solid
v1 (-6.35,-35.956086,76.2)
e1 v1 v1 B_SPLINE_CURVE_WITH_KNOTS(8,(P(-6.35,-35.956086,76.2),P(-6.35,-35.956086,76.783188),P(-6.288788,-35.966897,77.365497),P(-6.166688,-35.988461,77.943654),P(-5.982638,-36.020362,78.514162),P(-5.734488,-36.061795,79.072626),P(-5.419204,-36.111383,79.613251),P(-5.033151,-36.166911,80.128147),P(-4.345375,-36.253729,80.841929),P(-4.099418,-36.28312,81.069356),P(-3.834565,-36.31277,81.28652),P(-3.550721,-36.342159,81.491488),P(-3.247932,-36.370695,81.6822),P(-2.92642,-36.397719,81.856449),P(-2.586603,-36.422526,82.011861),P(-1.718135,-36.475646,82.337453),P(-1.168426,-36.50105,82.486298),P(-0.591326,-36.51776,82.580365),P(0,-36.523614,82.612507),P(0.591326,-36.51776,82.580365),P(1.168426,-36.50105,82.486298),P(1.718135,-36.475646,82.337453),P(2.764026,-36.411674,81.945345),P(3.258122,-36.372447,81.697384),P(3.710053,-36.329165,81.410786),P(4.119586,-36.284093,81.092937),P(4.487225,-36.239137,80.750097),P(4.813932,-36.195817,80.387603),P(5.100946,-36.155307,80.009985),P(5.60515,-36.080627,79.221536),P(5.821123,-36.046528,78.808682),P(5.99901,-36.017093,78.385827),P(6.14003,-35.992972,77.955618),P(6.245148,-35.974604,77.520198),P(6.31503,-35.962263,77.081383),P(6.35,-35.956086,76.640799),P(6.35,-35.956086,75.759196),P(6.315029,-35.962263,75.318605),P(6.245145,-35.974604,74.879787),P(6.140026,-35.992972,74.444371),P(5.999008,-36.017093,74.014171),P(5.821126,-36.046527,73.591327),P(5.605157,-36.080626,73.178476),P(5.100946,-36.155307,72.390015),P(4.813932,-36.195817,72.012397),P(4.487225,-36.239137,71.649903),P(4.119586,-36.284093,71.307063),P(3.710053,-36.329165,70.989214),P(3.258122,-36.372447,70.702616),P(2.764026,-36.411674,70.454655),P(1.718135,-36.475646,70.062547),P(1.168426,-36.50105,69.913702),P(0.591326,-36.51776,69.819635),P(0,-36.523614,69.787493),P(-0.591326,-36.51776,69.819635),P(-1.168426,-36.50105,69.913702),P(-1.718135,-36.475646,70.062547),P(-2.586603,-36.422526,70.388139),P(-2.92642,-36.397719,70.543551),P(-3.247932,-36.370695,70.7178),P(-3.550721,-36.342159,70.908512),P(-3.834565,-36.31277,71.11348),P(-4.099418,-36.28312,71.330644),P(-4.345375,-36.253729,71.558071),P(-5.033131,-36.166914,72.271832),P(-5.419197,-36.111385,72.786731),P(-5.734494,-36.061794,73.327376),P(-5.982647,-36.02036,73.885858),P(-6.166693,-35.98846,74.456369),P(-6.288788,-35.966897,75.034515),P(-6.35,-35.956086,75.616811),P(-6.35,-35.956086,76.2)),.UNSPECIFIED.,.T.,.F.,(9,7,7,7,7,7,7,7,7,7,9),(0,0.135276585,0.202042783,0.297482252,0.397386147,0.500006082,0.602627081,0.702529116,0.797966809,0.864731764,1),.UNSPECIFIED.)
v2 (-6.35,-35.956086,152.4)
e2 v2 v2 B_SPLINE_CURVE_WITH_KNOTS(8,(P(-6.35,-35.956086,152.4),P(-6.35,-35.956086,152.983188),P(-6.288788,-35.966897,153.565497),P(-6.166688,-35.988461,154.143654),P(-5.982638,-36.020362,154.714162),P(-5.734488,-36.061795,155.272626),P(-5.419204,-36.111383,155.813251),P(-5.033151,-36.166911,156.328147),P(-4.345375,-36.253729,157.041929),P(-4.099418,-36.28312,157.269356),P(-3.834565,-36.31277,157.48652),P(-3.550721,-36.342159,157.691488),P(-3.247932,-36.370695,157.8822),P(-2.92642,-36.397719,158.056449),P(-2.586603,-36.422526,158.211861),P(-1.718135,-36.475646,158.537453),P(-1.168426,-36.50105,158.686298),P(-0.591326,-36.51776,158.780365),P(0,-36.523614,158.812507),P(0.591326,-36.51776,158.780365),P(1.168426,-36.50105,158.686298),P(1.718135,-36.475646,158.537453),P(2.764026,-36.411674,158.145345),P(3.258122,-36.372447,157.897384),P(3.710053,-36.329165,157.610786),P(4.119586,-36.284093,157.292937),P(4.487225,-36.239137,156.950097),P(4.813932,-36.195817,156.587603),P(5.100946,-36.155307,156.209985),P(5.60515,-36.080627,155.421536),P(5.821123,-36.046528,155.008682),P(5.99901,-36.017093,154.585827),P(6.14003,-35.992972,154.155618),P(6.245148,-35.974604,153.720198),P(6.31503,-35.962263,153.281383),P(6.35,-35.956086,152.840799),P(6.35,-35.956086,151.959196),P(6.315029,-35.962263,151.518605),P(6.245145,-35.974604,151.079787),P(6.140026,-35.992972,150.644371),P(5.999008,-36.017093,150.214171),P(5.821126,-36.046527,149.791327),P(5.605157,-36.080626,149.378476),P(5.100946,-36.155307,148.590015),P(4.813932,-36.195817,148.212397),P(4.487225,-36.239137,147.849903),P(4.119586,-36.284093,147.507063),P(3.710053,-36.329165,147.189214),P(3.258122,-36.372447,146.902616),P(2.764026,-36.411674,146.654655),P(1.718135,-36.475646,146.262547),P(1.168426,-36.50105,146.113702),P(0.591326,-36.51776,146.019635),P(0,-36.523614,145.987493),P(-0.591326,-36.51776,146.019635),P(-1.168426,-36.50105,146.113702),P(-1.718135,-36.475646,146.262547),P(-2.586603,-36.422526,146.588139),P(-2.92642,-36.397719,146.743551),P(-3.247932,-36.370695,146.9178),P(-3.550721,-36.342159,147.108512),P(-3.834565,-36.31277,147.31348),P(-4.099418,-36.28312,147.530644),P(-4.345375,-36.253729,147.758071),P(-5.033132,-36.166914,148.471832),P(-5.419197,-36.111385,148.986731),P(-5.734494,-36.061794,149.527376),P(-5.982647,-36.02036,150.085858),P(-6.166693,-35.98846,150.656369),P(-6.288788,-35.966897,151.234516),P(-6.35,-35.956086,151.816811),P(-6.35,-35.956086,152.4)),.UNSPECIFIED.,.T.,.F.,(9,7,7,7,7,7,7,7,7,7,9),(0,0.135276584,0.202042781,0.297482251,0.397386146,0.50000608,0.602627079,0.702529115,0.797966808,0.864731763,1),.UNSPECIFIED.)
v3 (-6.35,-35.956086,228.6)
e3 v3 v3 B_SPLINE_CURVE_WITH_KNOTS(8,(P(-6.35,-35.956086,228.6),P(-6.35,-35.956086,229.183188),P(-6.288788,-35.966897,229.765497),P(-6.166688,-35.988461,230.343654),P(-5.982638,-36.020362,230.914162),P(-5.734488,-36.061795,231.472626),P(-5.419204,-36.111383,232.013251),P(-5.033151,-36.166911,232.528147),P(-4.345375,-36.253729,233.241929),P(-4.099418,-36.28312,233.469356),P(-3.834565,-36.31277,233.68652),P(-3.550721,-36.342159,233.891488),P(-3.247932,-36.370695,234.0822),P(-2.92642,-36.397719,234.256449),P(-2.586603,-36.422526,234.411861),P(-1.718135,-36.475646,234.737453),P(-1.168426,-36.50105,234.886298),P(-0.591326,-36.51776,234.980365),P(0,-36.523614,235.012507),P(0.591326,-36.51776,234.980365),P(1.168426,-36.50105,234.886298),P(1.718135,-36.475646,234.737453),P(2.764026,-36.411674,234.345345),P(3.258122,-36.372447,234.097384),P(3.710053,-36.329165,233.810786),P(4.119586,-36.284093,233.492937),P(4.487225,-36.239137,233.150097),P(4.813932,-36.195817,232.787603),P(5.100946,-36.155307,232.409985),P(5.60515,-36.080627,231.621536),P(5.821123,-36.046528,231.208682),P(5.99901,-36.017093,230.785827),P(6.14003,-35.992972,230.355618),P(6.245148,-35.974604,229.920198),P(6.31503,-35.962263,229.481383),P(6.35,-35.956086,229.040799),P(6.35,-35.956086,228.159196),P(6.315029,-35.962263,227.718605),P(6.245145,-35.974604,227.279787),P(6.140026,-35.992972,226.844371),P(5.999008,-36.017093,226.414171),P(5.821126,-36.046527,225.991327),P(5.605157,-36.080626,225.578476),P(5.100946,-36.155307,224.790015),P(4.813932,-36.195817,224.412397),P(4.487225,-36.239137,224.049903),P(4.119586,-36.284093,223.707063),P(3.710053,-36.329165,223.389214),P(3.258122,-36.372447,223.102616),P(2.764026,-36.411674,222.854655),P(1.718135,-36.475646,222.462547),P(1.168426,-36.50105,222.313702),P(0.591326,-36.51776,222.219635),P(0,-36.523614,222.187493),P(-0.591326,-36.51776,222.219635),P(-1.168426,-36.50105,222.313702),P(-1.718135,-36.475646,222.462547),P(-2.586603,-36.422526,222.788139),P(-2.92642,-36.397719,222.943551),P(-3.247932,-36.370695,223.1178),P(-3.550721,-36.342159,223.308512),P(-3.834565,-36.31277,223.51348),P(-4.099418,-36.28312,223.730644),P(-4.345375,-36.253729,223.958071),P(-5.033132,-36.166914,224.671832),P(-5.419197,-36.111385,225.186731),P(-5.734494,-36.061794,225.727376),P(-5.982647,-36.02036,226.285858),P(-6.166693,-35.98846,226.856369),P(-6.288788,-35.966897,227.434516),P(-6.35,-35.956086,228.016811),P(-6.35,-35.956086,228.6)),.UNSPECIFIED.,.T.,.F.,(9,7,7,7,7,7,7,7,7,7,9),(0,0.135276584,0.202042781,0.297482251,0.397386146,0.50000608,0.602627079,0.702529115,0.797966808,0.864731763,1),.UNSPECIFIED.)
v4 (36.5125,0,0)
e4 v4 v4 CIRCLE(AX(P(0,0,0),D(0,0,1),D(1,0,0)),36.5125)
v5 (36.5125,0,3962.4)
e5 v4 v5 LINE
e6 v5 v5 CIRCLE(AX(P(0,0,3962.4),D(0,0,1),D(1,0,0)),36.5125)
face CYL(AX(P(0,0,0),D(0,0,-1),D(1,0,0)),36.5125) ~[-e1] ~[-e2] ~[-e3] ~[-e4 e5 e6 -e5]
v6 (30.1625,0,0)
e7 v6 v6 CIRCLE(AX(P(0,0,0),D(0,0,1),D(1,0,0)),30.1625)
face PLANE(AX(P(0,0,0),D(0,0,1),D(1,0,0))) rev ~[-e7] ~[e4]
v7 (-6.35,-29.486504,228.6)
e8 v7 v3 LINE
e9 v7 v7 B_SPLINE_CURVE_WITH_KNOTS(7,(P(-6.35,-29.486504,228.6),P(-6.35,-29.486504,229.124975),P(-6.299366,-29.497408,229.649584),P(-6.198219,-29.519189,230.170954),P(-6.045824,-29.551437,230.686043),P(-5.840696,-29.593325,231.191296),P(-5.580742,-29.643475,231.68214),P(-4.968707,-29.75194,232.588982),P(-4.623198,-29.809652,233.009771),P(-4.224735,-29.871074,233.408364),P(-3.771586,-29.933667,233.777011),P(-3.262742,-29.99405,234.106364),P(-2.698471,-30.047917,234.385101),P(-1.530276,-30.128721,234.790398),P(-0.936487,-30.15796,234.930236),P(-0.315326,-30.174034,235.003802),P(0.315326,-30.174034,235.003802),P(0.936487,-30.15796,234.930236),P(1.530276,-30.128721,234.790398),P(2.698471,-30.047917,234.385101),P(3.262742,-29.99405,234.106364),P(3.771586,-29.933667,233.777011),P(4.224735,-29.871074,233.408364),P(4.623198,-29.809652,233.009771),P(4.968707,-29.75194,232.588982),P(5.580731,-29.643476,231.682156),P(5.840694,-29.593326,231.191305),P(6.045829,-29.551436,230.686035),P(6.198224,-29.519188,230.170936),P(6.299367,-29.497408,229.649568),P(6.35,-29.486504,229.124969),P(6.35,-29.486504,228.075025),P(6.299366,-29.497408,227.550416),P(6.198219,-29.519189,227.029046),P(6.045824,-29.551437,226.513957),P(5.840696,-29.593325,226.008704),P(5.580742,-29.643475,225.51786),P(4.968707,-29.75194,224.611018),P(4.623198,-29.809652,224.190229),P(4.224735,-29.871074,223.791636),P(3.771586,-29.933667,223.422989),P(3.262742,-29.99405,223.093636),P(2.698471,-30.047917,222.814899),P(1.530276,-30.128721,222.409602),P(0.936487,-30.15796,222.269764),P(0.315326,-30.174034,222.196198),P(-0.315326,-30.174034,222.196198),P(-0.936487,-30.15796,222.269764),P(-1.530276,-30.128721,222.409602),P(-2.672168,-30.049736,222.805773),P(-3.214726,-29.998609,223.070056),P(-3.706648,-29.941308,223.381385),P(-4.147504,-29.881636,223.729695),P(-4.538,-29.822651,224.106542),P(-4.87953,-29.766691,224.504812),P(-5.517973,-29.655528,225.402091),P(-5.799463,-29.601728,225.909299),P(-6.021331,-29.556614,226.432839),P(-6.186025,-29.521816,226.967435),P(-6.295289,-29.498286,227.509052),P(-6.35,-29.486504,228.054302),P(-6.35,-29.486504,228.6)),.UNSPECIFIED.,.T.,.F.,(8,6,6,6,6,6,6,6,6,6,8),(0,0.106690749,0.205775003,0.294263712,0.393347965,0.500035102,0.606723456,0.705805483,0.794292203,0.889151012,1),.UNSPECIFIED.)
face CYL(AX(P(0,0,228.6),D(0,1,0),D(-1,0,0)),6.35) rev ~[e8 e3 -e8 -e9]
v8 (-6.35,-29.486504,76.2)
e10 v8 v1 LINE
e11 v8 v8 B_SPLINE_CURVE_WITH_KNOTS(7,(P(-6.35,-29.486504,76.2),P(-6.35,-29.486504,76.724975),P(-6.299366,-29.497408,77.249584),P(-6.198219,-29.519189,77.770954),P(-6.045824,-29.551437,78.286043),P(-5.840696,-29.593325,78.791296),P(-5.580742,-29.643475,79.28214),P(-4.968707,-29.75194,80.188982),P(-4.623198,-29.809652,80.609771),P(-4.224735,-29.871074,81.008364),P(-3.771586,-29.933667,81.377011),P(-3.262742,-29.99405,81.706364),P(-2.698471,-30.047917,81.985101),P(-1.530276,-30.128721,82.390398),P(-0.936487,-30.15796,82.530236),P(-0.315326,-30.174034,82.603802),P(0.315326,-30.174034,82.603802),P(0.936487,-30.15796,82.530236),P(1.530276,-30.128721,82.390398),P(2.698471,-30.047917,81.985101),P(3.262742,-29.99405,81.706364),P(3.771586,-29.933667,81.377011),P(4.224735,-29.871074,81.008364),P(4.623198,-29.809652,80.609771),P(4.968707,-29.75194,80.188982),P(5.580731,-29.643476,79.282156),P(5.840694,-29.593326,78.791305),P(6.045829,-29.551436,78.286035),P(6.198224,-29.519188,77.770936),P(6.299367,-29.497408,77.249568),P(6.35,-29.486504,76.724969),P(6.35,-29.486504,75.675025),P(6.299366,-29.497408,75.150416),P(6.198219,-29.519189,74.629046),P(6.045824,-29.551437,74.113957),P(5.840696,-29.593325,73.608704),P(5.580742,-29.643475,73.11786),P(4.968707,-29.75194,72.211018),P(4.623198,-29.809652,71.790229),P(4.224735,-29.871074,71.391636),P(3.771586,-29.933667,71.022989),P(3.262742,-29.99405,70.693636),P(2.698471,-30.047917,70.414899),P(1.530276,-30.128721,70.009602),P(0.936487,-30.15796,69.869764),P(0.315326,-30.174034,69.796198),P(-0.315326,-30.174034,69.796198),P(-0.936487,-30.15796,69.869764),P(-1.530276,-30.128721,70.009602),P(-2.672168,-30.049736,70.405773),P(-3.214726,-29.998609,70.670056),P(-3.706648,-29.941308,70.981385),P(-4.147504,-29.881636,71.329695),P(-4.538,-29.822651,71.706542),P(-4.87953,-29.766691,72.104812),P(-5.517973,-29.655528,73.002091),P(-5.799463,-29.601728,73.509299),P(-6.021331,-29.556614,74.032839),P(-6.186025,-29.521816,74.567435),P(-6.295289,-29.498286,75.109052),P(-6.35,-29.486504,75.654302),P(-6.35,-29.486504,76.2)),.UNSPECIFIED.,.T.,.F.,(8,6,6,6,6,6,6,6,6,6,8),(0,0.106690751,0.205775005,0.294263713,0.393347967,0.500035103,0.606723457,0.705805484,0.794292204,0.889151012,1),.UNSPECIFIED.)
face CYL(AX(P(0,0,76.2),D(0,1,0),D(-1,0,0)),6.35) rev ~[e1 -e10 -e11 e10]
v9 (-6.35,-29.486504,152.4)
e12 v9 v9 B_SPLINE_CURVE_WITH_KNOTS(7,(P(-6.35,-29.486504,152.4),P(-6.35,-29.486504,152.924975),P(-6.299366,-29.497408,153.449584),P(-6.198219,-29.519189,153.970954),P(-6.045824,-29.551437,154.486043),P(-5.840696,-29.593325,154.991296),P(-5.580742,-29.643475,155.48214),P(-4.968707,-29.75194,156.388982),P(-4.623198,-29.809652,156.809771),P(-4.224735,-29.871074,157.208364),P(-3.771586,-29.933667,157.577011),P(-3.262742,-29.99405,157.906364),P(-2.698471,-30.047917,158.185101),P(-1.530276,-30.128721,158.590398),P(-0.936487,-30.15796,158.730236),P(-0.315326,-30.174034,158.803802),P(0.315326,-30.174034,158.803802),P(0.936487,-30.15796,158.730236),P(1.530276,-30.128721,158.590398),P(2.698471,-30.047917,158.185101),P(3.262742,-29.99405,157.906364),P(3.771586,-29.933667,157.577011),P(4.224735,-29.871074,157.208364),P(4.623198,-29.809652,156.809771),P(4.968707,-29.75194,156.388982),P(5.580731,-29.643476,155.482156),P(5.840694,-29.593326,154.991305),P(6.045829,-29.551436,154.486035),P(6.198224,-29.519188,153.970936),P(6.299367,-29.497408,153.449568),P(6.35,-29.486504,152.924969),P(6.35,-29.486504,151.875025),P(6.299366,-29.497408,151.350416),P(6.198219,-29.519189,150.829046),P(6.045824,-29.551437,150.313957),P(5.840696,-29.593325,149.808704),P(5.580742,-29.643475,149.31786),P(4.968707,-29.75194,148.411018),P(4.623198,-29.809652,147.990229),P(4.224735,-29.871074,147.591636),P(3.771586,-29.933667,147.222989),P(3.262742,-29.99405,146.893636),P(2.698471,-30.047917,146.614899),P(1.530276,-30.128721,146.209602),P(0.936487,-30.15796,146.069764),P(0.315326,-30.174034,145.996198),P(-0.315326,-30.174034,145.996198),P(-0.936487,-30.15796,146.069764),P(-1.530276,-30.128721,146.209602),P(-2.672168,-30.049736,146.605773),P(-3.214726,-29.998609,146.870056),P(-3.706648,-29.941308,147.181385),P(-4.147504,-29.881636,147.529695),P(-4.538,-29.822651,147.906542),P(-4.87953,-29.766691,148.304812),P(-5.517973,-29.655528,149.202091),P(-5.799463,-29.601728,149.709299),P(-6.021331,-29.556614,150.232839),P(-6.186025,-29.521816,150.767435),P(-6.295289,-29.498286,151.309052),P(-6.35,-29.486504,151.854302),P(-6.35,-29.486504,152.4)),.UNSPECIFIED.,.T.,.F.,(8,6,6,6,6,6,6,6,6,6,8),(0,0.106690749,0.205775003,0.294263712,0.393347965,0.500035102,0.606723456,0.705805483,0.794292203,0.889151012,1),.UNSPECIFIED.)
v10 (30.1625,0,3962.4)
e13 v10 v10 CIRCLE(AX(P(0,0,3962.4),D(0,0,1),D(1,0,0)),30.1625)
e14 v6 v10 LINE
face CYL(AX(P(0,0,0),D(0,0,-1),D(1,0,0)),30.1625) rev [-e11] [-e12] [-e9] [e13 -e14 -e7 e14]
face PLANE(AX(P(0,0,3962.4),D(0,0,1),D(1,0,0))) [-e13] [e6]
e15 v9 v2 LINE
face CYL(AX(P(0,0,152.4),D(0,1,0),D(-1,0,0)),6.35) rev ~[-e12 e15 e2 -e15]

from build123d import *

# Parameters (mm, degrees)
F0_R     = 36.5125
F0_R_2   = 30.1625
F1_DEPTH = 3962.4
F4_R     = 6.35
F5_DEPTH = 37.5125000999


with BuildPart() as f1:
    # F0 (on Top) → F1 (new body)
    with BuildSketch(Plane.XY):
        Circle(F0_R)
        Circle(F0_R_2, mode=Mode.SUBTRACT)
    extrude(amount=F1_DEPTH)

    # F4 (on line) → F5 (cut, up to face)
    with BuildSketch(Plane(origin=(0, 0, 0), x_dir=(-1, 0, 0), z_dir=(0, 1, 0))):
        with Locations((0, 76.2)):
            Circle(F4_R)
        with Locations((0, 152.4)):
            Circle(F4_R)
        with Locations((0, 228.6)):
            Circle(F4_R)
    extrude(amount=-F5_DEPTH, mode=Mode.SUBTRACT)


solid = f1.part
